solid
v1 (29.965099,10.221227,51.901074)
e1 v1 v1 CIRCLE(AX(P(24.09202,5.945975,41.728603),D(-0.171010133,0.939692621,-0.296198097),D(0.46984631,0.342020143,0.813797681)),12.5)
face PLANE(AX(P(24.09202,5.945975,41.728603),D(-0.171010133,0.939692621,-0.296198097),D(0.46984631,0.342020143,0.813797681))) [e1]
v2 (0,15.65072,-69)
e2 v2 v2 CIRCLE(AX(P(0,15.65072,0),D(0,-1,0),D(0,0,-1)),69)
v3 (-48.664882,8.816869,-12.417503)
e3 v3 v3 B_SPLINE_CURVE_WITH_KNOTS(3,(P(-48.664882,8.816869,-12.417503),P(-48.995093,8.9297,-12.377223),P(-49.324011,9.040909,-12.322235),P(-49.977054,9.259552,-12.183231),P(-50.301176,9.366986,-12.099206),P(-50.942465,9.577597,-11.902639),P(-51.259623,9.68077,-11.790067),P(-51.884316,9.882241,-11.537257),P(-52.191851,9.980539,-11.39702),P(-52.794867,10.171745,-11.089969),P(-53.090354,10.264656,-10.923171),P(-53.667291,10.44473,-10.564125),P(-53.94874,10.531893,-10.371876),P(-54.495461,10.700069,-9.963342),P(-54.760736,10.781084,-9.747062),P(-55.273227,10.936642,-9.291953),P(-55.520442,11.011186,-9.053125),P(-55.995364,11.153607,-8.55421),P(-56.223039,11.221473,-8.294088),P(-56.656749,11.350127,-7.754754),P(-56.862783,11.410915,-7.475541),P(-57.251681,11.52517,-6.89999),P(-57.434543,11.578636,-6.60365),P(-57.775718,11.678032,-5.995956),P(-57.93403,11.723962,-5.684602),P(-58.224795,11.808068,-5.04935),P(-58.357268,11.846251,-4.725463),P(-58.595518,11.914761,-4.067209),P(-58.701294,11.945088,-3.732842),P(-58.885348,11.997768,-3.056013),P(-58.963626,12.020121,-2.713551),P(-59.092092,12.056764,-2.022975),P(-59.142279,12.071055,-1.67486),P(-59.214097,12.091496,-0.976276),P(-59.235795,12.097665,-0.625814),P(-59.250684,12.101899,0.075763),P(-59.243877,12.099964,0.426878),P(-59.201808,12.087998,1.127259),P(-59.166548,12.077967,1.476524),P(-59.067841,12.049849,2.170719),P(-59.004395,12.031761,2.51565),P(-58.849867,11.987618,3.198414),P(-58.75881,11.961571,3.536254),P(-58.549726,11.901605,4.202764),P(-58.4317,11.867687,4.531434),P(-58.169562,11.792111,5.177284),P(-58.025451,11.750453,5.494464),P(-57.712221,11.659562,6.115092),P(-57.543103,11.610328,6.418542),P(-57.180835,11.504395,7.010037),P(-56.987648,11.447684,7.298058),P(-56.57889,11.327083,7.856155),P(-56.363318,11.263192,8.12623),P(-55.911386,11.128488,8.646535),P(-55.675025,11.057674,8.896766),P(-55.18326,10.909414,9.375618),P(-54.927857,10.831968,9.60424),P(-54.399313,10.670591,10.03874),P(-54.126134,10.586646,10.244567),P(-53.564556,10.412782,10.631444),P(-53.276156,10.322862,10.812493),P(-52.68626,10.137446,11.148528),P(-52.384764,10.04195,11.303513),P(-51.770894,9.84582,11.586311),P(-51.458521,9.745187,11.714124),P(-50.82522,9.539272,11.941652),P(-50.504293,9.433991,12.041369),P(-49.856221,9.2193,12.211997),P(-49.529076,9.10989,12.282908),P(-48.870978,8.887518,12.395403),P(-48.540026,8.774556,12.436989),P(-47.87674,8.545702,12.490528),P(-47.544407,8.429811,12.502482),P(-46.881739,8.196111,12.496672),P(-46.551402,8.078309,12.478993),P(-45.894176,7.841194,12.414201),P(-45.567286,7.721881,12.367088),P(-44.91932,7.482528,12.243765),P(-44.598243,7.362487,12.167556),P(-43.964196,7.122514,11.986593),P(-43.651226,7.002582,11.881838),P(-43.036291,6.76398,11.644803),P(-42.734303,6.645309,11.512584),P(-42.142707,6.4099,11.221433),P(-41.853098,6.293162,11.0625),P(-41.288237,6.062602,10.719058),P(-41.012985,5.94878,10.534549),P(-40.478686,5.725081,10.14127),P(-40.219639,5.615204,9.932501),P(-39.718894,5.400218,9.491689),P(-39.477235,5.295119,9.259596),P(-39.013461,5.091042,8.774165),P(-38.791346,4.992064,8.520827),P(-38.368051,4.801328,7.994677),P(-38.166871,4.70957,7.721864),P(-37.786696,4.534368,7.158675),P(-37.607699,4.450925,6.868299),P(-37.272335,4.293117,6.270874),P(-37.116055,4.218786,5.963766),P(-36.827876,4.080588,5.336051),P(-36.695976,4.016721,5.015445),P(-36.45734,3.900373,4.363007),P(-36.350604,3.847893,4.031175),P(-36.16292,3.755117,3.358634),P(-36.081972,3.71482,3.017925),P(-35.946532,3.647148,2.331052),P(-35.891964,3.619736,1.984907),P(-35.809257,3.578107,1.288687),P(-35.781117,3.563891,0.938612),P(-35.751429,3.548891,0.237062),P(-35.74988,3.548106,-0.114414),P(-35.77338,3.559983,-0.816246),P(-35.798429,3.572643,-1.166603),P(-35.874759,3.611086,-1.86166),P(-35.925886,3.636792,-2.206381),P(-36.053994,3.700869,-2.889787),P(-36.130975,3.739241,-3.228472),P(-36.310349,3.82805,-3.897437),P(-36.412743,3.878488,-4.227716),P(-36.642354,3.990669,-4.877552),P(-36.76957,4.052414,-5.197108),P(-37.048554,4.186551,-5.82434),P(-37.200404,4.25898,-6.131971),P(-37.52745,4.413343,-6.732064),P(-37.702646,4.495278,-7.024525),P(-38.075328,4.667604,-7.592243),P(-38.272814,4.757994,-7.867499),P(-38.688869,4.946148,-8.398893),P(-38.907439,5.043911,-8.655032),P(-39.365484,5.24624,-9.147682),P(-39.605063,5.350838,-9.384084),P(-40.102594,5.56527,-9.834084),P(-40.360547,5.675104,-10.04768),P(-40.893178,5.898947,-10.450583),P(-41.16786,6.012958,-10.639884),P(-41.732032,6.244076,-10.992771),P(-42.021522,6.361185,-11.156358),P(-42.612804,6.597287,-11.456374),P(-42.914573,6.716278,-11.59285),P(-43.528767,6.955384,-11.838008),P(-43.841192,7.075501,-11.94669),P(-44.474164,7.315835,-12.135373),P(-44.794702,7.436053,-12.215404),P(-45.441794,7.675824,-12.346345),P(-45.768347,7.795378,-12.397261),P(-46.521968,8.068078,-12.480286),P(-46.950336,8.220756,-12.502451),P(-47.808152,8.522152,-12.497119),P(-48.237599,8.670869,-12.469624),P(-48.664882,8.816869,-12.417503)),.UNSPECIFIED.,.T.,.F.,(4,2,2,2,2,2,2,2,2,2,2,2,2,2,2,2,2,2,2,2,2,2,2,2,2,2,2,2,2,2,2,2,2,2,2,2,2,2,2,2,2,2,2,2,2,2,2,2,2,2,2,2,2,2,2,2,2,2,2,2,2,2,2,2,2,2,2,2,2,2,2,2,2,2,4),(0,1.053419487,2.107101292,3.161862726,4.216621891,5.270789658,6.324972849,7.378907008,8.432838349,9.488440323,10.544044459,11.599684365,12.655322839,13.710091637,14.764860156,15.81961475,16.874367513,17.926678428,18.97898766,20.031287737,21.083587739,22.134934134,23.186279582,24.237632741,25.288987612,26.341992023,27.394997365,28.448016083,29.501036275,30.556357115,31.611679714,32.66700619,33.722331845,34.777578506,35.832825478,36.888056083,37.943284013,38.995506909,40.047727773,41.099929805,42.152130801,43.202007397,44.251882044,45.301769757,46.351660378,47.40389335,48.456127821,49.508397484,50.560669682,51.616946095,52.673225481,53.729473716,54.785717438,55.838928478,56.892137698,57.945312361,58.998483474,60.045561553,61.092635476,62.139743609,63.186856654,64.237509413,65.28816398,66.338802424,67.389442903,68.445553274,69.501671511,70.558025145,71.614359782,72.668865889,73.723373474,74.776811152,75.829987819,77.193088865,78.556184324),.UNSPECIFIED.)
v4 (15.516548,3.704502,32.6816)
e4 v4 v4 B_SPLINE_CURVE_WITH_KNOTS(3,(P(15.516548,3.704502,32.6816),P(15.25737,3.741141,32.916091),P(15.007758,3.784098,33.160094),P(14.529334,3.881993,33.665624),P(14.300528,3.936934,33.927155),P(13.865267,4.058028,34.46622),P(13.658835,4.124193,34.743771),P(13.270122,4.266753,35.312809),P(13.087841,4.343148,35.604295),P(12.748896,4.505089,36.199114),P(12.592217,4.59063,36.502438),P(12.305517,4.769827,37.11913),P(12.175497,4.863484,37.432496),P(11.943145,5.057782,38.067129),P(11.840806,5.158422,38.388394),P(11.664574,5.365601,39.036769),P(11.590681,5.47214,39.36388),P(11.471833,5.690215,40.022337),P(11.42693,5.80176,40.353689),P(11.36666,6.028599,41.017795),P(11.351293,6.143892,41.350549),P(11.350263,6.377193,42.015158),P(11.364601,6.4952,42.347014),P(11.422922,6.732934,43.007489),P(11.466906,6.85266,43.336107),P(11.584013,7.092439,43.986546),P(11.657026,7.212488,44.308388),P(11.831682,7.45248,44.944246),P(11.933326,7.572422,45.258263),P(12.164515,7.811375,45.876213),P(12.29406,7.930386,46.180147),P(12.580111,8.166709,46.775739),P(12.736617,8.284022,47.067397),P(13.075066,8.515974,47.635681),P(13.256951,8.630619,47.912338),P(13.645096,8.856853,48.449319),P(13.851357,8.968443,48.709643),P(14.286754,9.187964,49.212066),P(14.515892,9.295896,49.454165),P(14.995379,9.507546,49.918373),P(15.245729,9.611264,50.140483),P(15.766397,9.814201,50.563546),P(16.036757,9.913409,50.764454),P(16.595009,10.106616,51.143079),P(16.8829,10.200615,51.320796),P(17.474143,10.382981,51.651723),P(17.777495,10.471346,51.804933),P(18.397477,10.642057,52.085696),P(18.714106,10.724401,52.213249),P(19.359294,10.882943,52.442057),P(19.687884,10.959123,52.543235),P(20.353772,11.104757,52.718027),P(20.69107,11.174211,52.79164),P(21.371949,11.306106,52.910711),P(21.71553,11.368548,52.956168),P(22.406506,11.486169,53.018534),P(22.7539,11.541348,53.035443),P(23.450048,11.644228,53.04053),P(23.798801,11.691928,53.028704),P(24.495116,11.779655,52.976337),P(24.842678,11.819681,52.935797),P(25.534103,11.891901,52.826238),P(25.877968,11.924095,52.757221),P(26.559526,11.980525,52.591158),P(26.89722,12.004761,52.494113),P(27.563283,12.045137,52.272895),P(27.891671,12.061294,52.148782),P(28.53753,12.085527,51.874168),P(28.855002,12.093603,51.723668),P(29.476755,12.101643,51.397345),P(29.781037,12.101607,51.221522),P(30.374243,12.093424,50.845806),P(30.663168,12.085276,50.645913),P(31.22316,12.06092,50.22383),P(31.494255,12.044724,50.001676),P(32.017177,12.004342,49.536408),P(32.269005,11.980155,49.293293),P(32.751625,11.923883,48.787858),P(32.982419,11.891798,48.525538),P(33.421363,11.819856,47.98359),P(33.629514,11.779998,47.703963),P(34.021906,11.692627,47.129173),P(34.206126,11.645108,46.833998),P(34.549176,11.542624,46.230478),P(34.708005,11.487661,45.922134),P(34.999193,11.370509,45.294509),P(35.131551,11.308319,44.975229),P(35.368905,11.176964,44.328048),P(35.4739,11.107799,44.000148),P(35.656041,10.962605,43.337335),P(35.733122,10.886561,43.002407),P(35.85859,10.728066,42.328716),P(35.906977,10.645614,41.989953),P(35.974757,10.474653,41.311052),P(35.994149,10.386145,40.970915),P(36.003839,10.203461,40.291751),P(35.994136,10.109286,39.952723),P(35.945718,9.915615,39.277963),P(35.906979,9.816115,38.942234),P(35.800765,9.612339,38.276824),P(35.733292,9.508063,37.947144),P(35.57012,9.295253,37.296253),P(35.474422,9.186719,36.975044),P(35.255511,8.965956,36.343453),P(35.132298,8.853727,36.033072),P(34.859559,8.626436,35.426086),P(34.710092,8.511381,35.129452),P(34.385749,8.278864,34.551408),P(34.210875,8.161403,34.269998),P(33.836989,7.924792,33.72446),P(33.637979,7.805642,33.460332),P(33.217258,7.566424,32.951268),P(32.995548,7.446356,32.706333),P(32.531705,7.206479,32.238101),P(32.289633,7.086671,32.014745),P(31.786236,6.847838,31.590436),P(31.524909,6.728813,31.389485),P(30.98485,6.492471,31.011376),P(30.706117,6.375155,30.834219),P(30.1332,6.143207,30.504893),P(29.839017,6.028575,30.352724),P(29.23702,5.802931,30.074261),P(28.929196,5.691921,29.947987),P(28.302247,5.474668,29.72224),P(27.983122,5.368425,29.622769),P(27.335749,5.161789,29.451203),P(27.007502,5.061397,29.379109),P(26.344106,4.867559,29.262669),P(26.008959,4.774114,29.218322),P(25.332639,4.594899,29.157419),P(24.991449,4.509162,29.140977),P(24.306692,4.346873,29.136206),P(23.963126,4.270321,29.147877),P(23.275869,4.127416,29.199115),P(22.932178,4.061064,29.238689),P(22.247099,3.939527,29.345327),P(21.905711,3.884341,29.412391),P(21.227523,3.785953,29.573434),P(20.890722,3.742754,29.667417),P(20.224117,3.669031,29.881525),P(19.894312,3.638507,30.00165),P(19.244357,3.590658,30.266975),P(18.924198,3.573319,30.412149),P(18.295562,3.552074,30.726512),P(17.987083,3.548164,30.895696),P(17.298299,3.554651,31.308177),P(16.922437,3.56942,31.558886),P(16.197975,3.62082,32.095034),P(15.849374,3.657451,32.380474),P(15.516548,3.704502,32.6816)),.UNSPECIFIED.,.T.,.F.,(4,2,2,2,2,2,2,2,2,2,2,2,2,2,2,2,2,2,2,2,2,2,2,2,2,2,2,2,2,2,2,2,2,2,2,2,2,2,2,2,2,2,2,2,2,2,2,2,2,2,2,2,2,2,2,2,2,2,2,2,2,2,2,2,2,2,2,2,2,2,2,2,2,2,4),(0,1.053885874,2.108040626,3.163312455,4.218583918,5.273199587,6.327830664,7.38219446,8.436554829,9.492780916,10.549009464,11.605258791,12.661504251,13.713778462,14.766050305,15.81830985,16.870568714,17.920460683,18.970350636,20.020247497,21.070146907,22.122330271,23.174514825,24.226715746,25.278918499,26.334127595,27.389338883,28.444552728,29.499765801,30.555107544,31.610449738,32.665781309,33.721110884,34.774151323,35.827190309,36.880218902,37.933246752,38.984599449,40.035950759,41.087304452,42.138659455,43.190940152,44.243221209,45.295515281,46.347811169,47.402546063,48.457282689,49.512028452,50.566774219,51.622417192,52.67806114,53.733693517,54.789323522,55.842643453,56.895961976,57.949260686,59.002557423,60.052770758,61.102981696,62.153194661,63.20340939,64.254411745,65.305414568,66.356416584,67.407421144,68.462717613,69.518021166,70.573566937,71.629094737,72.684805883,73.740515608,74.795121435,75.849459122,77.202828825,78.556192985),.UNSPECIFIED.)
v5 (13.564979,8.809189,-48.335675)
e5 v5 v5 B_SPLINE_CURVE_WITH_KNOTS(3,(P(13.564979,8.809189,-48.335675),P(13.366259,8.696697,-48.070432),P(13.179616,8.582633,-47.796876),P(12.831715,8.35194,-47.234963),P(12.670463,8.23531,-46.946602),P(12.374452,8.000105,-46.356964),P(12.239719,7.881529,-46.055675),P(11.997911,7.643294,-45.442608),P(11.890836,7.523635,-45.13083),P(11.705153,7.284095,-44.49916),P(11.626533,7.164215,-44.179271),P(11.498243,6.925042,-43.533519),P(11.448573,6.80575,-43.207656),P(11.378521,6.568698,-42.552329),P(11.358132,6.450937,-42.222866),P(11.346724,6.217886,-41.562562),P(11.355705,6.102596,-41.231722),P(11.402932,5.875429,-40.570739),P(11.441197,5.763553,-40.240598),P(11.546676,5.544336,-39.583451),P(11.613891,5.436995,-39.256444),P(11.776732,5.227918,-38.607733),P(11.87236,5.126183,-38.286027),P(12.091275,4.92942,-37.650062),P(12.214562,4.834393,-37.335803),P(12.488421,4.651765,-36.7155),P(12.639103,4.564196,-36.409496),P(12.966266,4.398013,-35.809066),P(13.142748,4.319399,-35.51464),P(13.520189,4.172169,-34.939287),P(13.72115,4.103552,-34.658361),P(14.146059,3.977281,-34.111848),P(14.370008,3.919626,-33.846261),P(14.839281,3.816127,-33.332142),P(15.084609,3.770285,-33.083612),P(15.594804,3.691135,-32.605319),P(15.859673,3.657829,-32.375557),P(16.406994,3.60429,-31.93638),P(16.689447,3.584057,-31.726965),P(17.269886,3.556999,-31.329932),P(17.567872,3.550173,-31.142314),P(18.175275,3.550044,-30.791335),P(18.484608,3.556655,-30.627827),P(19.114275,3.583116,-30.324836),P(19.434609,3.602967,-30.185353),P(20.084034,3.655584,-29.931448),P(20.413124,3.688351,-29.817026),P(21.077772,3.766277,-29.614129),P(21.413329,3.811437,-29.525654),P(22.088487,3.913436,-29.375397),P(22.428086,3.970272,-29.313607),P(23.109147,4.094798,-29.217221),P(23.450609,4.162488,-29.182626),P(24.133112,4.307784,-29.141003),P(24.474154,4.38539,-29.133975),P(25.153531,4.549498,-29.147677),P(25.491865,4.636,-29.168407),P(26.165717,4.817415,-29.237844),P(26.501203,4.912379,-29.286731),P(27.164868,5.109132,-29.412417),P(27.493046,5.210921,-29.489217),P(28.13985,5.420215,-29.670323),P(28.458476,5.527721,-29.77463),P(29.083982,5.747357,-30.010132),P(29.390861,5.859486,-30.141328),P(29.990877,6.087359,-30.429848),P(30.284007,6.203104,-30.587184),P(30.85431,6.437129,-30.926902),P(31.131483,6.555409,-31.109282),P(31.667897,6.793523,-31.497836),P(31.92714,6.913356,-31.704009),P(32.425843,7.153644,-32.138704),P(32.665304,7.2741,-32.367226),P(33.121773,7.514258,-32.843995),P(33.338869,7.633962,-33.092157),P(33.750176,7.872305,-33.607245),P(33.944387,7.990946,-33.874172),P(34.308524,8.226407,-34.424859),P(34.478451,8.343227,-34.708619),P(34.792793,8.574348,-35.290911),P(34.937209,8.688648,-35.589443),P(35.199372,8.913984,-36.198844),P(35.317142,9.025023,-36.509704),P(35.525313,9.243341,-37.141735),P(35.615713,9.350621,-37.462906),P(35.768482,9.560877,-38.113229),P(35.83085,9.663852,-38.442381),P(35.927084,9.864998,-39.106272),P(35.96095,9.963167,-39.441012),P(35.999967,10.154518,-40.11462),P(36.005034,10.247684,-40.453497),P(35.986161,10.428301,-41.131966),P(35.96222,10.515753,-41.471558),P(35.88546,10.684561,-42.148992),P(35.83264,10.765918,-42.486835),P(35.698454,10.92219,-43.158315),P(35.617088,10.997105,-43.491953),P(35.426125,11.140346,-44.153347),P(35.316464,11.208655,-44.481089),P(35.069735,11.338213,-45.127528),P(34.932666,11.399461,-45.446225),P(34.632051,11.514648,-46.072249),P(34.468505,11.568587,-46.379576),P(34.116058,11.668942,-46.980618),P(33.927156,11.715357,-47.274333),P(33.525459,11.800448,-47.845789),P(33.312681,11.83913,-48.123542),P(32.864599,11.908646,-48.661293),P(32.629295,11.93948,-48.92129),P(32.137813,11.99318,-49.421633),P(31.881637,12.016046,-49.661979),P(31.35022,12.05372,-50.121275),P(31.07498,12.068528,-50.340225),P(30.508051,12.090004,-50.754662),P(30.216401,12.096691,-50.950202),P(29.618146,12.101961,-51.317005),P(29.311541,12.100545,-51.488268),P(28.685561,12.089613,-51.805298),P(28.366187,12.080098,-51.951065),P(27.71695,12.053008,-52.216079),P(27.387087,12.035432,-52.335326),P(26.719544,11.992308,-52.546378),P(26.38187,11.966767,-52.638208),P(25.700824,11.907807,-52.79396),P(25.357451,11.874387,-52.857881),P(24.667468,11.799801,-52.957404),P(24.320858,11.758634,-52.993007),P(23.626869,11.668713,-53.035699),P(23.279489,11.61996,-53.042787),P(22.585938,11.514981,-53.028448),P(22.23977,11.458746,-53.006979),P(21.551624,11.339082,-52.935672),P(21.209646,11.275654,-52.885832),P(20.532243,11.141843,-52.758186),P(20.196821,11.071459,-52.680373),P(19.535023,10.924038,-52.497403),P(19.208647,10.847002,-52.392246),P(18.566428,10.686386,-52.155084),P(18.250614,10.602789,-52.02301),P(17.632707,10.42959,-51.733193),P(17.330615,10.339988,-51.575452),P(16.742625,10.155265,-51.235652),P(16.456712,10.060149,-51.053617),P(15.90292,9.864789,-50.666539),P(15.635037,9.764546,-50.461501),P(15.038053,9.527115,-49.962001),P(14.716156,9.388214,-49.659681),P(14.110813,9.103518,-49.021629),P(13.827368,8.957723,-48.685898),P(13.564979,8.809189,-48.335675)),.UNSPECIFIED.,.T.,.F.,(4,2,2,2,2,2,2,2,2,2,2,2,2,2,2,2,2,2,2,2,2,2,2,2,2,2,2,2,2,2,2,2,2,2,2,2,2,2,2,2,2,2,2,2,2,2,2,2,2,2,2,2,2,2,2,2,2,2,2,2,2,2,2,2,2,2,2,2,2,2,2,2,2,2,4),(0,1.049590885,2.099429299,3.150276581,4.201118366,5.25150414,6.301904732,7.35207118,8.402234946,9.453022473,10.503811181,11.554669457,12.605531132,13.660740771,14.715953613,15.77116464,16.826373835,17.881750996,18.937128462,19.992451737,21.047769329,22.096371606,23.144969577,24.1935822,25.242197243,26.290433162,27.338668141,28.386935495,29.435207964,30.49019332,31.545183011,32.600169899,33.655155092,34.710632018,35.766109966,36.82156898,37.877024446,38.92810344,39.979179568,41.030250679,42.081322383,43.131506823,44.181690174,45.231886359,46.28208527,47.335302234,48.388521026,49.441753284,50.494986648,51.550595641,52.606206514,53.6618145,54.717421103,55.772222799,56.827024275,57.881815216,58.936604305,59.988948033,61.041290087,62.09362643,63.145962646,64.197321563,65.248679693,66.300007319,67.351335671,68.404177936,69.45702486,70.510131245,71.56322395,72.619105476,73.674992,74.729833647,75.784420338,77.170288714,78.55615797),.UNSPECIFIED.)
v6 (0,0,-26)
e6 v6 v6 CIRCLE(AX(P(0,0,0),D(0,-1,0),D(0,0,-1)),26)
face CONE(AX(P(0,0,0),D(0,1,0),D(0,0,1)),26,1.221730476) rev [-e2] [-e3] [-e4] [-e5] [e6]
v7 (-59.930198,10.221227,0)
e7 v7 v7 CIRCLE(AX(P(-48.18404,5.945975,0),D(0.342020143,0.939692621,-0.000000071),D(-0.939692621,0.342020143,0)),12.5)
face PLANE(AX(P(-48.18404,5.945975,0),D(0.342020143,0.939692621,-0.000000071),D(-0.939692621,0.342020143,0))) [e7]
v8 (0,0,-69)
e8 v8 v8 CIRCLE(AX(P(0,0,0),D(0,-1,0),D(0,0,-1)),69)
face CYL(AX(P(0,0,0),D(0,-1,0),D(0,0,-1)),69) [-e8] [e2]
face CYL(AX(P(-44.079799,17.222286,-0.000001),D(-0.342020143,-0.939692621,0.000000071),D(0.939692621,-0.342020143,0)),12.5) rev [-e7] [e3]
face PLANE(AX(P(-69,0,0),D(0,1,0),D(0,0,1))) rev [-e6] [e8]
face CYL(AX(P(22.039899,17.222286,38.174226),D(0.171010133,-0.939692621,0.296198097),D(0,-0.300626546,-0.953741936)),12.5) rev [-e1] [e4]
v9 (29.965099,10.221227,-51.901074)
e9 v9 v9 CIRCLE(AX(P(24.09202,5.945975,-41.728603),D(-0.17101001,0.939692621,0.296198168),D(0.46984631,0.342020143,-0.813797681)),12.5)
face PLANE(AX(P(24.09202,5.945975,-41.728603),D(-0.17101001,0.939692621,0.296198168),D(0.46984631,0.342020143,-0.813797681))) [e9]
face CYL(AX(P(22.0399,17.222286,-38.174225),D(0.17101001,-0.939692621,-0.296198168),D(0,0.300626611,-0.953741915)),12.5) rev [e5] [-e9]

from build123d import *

# Parameters (mm, degrees)
TAGLIO_ESTRUSIONE5_START    = -2
SCHIZZO2_R                  = 12.5
TAGLIO_ESTRUSIONE5_DEPTH    = 12
RIPETIZIONECIRCOLARE1_COUNT = 3


with BuildPart() as part:
    # Schizzo1 → Rivoluzione1 (revolve)
    with BuildSketch(Plane.XY, mode=Mode.PRIVATE) as rivoluzione1_sk:
        Polygon((-69, 15.650720073), (-69, 0), (-26, 0), align=None)
    revolve(rivoluzione1_sk.sketch.rotate(Axis((0, 0, 0), (0, 1, 0)), 270), axis=Axis((0, 0, 0), (0, 1, 0)))

    # Schizzo2 → Taglio-Estrusione5 (cut)
    with BuildSketch(Plane(origin=(-3.041422239, -8.356238926, 6.34e-07), x_dir=(-0.9396926207859105, 0.3420201433256629, 0), z_dir=(0.34202014332566205, 0.9396926207859082, -7.133604585251575e-08)).offset(TAGLIO_ESTRUSIONE5_START)):
        with Locations(Location((47.311830249, -6.33e-07, 0), (0, 0, 276.586310477))):
            Circle(SCHIZZO2_R)
    taglio_estrusione5 = extrude(amount=TAGLIO_ESTRUSIONE5_DEPTH, mode=Mode.SUBTRACT)

    # RipetizioneCircolare1: Taglio-Estrusione5 ×3 about axis
    ripetizionecircolare1_axis = Axis((0, 0, 0), (0, 1, 0))
    for i in range(1, RIPETIZIONECIRCOLARE1_COUNT):
        add(taglio_estrusione5.rotate(ripetizionecircolare1_axis, i * 360 / RIPETIZIONECIRCOLARE1_COUNT), mode=Mode.SUBTRACT)


solid = part.part
